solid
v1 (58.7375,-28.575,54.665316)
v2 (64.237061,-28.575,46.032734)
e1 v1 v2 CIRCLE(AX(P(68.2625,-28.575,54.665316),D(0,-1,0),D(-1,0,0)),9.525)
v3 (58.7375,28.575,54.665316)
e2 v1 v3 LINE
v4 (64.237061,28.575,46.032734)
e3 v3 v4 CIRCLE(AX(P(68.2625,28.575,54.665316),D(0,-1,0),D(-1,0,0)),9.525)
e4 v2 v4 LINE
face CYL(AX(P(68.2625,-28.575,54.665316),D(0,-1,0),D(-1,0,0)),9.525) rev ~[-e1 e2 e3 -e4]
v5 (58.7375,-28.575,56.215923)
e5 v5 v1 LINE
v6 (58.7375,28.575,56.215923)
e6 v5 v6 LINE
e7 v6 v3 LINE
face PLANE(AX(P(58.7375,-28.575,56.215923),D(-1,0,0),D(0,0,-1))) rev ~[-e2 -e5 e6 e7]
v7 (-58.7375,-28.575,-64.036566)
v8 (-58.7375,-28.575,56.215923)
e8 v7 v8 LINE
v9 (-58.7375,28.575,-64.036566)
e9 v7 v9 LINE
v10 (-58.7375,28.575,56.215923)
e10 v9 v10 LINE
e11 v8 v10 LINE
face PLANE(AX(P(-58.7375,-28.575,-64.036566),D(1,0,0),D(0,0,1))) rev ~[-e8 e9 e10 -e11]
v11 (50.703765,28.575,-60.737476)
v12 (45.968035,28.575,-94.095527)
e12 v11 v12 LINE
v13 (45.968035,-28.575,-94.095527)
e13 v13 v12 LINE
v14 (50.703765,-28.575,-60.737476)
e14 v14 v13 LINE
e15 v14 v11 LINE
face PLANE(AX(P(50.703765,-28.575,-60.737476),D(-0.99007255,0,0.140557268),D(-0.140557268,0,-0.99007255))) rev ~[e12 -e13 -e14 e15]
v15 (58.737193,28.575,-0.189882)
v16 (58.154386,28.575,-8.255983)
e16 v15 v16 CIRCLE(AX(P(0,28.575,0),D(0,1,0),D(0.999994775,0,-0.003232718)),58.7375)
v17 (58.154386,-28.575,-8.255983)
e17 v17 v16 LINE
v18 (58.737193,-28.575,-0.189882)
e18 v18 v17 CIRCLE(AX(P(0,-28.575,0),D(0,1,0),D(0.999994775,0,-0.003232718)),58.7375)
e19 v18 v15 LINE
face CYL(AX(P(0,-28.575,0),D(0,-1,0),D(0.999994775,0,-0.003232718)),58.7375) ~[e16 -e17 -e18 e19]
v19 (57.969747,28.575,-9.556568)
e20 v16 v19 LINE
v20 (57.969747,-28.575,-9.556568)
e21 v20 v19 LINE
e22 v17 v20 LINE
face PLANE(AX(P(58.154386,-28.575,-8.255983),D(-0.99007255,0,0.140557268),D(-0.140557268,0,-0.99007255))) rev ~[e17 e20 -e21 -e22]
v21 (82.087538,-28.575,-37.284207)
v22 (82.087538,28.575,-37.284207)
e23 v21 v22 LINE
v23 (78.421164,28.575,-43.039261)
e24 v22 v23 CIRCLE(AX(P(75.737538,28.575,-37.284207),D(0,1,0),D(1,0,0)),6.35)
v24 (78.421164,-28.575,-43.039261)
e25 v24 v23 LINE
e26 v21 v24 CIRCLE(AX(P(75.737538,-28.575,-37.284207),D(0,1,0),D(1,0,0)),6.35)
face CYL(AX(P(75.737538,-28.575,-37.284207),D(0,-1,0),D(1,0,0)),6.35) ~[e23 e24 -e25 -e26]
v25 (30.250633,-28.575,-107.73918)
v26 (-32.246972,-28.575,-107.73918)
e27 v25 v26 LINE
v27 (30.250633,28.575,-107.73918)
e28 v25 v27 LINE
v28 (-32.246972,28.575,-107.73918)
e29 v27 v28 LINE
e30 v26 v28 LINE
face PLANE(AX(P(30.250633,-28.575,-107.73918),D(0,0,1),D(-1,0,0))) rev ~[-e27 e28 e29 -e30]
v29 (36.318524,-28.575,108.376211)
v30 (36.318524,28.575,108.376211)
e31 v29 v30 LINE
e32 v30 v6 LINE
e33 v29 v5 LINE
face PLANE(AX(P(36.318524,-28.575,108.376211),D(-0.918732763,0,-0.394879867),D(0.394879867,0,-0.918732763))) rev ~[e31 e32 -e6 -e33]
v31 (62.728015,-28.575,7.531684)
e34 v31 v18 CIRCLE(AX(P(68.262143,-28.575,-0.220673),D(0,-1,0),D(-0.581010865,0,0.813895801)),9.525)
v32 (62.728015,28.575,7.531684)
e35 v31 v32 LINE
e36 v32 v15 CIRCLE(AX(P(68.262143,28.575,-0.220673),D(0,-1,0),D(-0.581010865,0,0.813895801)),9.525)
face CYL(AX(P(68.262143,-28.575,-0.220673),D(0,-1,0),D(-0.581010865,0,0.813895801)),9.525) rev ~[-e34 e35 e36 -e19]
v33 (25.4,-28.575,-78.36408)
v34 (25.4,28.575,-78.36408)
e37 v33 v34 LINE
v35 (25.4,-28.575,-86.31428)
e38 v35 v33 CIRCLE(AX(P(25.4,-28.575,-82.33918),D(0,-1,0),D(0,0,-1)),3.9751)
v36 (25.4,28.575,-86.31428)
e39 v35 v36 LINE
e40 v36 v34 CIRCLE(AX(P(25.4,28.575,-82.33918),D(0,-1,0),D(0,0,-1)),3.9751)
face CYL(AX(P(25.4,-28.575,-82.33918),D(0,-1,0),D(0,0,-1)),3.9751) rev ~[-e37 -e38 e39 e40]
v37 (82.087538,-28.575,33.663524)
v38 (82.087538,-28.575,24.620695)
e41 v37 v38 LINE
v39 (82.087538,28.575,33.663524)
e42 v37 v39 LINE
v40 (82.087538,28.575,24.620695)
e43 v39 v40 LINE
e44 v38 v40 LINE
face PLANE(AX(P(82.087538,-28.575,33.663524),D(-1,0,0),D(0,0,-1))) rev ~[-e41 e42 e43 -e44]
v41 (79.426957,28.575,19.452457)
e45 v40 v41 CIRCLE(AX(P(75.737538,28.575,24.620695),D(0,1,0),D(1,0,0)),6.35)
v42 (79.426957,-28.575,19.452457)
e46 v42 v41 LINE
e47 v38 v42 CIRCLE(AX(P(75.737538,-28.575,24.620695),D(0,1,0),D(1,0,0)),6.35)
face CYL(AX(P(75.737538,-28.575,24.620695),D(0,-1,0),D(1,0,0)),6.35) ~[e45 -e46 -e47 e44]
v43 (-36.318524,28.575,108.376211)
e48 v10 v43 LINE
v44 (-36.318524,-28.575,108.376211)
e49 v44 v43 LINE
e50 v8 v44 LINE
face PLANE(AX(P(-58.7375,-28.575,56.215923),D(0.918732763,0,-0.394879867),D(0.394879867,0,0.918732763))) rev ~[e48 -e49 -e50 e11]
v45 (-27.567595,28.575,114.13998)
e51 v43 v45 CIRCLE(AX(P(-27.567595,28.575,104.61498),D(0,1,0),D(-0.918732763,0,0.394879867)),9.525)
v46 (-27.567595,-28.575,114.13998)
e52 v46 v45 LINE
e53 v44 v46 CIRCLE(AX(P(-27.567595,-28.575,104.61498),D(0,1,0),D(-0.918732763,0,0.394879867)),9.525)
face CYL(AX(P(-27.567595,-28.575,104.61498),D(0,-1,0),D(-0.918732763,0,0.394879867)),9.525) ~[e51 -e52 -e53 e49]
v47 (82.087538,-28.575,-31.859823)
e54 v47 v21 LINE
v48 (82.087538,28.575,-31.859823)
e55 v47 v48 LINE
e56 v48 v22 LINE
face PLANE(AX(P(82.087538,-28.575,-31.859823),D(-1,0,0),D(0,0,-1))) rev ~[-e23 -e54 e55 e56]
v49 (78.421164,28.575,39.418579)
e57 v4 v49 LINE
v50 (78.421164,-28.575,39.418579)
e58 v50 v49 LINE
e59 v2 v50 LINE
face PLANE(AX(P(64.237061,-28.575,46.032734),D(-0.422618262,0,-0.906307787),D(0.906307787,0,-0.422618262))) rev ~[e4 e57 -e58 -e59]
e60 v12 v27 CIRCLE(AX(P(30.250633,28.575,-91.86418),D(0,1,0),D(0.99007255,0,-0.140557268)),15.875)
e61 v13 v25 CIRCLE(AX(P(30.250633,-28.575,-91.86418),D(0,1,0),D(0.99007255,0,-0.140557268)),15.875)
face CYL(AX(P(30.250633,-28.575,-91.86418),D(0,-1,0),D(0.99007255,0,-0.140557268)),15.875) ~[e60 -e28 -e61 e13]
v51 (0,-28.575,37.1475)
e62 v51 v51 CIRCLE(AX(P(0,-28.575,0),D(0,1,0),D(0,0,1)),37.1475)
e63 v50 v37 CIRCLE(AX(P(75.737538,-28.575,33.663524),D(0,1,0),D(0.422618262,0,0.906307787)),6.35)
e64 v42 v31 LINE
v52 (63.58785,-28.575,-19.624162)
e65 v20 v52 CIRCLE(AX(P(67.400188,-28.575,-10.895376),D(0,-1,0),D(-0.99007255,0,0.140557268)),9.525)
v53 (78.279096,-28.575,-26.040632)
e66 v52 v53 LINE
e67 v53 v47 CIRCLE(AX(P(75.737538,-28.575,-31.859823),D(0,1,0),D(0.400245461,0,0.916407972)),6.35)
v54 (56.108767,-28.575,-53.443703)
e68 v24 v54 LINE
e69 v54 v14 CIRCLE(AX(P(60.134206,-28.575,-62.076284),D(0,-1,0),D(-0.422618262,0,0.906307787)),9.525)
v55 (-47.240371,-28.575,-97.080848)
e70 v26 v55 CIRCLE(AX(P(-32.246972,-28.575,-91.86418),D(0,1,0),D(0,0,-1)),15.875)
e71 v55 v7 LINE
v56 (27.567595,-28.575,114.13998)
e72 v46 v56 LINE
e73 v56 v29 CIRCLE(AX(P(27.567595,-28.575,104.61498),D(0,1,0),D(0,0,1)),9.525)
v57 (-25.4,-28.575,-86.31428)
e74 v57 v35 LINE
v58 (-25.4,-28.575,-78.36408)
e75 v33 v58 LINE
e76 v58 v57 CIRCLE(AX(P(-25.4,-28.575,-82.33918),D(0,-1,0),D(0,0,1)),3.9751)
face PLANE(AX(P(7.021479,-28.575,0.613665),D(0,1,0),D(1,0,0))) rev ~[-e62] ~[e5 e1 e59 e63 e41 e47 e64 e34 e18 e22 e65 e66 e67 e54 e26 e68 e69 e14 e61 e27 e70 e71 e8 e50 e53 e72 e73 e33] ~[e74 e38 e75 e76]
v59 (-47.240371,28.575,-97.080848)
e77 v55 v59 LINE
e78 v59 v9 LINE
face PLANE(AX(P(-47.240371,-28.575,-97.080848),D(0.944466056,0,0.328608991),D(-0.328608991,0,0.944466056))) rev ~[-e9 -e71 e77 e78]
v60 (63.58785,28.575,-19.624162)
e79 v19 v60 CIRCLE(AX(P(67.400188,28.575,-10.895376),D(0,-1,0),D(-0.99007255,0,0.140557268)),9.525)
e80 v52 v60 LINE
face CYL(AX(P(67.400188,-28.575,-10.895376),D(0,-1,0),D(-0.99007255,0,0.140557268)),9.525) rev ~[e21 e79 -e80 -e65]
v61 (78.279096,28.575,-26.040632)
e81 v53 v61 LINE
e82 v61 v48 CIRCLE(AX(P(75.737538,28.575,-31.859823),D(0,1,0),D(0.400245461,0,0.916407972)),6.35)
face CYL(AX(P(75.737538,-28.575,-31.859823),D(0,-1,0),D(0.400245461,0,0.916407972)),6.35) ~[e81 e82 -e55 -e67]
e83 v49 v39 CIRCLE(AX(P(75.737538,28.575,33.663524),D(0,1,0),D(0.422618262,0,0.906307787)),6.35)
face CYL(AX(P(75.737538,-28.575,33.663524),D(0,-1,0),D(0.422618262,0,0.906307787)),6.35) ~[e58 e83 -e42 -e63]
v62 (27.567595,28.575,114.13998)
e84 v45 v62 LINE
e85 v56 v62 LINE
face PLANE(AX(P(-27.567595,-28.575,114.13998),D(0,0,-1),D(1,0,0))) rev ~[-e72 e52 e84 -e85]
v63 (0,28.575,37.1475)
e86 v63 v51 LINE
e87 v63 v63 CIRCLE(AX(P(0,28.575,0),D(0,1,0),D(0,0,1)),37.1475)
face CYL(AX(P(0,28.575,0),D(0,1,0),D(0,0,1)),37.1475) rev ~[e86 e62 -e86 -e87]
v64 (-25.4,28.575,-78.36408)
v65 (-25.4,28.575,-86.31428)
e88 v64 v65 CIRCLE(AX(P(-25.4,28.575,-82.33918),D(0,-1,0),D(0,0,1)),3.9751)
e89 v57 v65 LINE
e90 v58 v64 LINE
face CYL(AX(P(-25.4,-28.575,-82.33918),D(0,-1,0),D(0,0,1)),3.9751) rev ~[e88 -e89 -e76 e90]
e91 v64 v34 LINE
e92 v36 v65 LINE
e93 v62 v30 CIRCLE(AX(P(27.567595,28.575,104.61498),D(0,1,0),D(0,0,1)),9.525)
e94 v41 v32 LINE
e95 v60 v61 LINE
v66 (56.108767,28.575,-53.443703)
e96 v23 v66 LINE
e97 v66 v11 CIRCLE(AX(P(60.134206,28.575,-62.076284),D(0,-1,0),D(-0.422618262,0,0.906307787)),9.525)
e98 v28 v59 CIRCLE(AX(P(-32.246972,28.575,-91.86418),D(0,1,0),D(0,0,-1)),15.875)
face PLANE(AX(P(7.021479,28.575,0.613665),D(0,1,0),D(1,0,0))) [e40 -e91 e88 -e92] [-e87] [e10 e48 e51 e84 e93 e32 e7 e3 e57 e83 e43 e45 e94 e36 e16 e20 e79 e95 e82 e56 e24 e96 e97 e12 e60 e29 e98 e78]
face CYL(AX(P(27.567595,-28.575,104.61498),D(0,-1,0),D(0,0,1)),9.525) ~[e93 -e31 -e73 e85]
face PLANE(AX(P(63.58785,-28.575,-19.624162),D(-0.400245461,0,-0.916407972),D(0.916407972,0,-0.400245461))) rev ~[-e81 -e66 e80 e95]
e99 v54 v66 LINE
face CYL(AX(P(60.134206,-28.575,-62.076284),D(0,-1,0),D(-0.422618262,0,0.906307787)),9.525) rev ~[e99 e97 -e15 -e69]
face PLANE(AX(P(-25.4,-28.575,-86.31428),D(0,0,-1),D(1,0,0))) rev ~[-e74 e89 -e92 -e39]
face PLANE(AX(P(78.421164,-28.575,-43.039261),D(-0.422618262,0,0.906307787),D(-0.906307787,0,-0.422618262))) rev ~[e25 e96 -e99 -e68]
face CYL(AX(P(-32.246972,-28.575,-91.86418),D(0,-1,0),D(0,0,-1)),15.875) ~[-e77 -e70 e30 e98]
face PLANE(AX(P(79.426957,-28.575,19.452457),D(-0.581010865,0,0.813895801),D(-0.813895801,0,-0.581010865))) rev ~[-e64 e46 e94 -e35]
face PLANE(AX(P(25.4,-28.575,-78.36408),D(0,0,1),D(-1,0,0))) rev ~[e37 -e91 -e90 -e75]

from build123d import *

# Parameters (mm, degrees)
BOSS_EXTRUDE1_DEPTH      = 28.575
BOSS_EXTRUDE1_DEPTH_BACK = 28.575
SKETCH2_R                = 37.1475
CUT_EXTRUDE1_DEPTH       = 152.764361406
CUT_EXTRUDE2_DEPTH       = 152.764361406


with BuildPart() as part:
    # Sketch1 → Boss-Extrude1 (new, two sides: drawn at the far end of the back side and taken through both)
    with BuildSketch(Plane(origin=(0, 0, 0), x_dir=(1, 0, 0), z_dir=(0, 1, 0)).offset(-BOSS_EXTRUDE1_DEPTH_BACK)):
        with BuildLine():
            Line((-58.7375, -56.215922718), (-36.318524201, -108.376210733))
            ThreePointArc((-36.318524201, -108.376210733), (-32.806864724, -112.569580799), (-27.567594628, -114.13998))
            Line((-27.567594628, -114.13998), (27.567594628, -114.13998))
            ThreePointArc((27.567594628, -114.13998), (32.806864724, -112.569580799), (36.318524201, -108.376210733))
            Line((36.318524201, -108.376210733), (58.7375, -56.215922718))
            Line((58.7375, -56.215922718), (58.7375, -54.665315944))
            ThreePointArc((58.7375, -54.665315944), (60.229196479, -49.547537174), (64.237061057, -46.032734272))
            Line((64.237061057, -46.032734272), (78.421163742, -39.418578566))
            ThreePointArc((78.421163742, -39.418578566), (81.09307346, -37.075376632), (82.087537779, -33.663524119))
            Line((82.087537779, -33.663524119), (82.087537779, -24.620694942))
            ThreePointArc((82.087537779, -24.620694942), (81.383346428, -21.714263332), (79.426956769, -19.452456605))
            Line((79.426956769, -19.452456605), (62.728014827, -7.531684093))
            ThreePointArc((62.728014827, -7.531684093), (59.800488167, -4.152656806), (58.737193082, 0.189881775))
            ThreePointArc((58.737193082, 0.189881775), (58.584774766, 4.232974359), (58.154386408, 8.255982544))
            Line((58.154386408, 8.255982544), (57.969746696, 9.5565678))
            ThreePointArc((57.969746696, 9.5565678), (59.08262132, 15.536896429), (63.58784972, 19.624161713))
            Line((63.58784972, 19.624161713), (78.279096456, 26.040632326))
            ThreePointArc((78.279096456, 26.040632326), (81.050794671, 28.382496216), (82.087537779, 31.859822947))
            Line((82.087537779, 31.859822947), (82.087537779, 37.284206824))
            ThreePointArc((82.087537779, 37.284206824), (81.09307346, 40.696059337), (78.421163742, 43.039261272))
            Line((78.421163742, 43.039261272), (56.108767451, 53.443702534))
            ThreePointArc((56.108767451, 53.443702534), (52.481431722, 56.405246839), (50.703765355, 60.737476226))
            Line((50.703765355, 60.737476226), (45.968035191, 94.095526633))
            ThreePointArc((45.968035191, 94.095526633), (40.657193823, 103.852471221), (30.25063346, 107.73918))
            Line((30.25063346, 107.73918), (-32.2469722, 107.73918))
            ThreePointArc((-32.2469722, 107.73918), (-41.44482588, 104.803079207), (-47.240370837, 97.080847739))
            Line((-47.240370837, 97.080847739), (-58.7375, 64.036565575))
            Line((-58.7375, 64.036565575), (-58.7375, -56.215922718))
        make_face()
    extrude(amount=BOSS_EXTRUDE1_DEPTH + BOSS_EXTRUDE1_DEPTH_BACK)

    # Sketch2 → Cut-Extrude1 (cut, through all)
    with BuildSketch(Plane(origin=(0, 28.575, 0), x_dir=(1, 0, 0), z_dir=(0, 1, 0))):
        Circle(SKETCH2_R)
    extrude(amount=-CUT_EXTRUDE1_DEPTH, mode=Mode.SUBTRACT)

    # Sketch5 → Cut-Extrude2 (cut, through all)
    with BuildSketch(Plane.XZ.offset(28.575)):
        with BuildLine():
            Line((-25.4, -86.31428), (25.4, -86.31428))
            ThreePointArc((25.4, -86.31428), (29.3751, -82.33918), (25.4, -78.36408))
            Line((25.4, -78.36408), (-25.4, -78.36408))
            ThreePointArc((-25.4, -78.36408), (-29.3751, -82.33918), (-25.4, -86.31428))
        make_face()
    extrude(amount=-CUT_EXTRUDE2_DEPTH, mode=Mode.SUBTRACT)


solid = part.part
